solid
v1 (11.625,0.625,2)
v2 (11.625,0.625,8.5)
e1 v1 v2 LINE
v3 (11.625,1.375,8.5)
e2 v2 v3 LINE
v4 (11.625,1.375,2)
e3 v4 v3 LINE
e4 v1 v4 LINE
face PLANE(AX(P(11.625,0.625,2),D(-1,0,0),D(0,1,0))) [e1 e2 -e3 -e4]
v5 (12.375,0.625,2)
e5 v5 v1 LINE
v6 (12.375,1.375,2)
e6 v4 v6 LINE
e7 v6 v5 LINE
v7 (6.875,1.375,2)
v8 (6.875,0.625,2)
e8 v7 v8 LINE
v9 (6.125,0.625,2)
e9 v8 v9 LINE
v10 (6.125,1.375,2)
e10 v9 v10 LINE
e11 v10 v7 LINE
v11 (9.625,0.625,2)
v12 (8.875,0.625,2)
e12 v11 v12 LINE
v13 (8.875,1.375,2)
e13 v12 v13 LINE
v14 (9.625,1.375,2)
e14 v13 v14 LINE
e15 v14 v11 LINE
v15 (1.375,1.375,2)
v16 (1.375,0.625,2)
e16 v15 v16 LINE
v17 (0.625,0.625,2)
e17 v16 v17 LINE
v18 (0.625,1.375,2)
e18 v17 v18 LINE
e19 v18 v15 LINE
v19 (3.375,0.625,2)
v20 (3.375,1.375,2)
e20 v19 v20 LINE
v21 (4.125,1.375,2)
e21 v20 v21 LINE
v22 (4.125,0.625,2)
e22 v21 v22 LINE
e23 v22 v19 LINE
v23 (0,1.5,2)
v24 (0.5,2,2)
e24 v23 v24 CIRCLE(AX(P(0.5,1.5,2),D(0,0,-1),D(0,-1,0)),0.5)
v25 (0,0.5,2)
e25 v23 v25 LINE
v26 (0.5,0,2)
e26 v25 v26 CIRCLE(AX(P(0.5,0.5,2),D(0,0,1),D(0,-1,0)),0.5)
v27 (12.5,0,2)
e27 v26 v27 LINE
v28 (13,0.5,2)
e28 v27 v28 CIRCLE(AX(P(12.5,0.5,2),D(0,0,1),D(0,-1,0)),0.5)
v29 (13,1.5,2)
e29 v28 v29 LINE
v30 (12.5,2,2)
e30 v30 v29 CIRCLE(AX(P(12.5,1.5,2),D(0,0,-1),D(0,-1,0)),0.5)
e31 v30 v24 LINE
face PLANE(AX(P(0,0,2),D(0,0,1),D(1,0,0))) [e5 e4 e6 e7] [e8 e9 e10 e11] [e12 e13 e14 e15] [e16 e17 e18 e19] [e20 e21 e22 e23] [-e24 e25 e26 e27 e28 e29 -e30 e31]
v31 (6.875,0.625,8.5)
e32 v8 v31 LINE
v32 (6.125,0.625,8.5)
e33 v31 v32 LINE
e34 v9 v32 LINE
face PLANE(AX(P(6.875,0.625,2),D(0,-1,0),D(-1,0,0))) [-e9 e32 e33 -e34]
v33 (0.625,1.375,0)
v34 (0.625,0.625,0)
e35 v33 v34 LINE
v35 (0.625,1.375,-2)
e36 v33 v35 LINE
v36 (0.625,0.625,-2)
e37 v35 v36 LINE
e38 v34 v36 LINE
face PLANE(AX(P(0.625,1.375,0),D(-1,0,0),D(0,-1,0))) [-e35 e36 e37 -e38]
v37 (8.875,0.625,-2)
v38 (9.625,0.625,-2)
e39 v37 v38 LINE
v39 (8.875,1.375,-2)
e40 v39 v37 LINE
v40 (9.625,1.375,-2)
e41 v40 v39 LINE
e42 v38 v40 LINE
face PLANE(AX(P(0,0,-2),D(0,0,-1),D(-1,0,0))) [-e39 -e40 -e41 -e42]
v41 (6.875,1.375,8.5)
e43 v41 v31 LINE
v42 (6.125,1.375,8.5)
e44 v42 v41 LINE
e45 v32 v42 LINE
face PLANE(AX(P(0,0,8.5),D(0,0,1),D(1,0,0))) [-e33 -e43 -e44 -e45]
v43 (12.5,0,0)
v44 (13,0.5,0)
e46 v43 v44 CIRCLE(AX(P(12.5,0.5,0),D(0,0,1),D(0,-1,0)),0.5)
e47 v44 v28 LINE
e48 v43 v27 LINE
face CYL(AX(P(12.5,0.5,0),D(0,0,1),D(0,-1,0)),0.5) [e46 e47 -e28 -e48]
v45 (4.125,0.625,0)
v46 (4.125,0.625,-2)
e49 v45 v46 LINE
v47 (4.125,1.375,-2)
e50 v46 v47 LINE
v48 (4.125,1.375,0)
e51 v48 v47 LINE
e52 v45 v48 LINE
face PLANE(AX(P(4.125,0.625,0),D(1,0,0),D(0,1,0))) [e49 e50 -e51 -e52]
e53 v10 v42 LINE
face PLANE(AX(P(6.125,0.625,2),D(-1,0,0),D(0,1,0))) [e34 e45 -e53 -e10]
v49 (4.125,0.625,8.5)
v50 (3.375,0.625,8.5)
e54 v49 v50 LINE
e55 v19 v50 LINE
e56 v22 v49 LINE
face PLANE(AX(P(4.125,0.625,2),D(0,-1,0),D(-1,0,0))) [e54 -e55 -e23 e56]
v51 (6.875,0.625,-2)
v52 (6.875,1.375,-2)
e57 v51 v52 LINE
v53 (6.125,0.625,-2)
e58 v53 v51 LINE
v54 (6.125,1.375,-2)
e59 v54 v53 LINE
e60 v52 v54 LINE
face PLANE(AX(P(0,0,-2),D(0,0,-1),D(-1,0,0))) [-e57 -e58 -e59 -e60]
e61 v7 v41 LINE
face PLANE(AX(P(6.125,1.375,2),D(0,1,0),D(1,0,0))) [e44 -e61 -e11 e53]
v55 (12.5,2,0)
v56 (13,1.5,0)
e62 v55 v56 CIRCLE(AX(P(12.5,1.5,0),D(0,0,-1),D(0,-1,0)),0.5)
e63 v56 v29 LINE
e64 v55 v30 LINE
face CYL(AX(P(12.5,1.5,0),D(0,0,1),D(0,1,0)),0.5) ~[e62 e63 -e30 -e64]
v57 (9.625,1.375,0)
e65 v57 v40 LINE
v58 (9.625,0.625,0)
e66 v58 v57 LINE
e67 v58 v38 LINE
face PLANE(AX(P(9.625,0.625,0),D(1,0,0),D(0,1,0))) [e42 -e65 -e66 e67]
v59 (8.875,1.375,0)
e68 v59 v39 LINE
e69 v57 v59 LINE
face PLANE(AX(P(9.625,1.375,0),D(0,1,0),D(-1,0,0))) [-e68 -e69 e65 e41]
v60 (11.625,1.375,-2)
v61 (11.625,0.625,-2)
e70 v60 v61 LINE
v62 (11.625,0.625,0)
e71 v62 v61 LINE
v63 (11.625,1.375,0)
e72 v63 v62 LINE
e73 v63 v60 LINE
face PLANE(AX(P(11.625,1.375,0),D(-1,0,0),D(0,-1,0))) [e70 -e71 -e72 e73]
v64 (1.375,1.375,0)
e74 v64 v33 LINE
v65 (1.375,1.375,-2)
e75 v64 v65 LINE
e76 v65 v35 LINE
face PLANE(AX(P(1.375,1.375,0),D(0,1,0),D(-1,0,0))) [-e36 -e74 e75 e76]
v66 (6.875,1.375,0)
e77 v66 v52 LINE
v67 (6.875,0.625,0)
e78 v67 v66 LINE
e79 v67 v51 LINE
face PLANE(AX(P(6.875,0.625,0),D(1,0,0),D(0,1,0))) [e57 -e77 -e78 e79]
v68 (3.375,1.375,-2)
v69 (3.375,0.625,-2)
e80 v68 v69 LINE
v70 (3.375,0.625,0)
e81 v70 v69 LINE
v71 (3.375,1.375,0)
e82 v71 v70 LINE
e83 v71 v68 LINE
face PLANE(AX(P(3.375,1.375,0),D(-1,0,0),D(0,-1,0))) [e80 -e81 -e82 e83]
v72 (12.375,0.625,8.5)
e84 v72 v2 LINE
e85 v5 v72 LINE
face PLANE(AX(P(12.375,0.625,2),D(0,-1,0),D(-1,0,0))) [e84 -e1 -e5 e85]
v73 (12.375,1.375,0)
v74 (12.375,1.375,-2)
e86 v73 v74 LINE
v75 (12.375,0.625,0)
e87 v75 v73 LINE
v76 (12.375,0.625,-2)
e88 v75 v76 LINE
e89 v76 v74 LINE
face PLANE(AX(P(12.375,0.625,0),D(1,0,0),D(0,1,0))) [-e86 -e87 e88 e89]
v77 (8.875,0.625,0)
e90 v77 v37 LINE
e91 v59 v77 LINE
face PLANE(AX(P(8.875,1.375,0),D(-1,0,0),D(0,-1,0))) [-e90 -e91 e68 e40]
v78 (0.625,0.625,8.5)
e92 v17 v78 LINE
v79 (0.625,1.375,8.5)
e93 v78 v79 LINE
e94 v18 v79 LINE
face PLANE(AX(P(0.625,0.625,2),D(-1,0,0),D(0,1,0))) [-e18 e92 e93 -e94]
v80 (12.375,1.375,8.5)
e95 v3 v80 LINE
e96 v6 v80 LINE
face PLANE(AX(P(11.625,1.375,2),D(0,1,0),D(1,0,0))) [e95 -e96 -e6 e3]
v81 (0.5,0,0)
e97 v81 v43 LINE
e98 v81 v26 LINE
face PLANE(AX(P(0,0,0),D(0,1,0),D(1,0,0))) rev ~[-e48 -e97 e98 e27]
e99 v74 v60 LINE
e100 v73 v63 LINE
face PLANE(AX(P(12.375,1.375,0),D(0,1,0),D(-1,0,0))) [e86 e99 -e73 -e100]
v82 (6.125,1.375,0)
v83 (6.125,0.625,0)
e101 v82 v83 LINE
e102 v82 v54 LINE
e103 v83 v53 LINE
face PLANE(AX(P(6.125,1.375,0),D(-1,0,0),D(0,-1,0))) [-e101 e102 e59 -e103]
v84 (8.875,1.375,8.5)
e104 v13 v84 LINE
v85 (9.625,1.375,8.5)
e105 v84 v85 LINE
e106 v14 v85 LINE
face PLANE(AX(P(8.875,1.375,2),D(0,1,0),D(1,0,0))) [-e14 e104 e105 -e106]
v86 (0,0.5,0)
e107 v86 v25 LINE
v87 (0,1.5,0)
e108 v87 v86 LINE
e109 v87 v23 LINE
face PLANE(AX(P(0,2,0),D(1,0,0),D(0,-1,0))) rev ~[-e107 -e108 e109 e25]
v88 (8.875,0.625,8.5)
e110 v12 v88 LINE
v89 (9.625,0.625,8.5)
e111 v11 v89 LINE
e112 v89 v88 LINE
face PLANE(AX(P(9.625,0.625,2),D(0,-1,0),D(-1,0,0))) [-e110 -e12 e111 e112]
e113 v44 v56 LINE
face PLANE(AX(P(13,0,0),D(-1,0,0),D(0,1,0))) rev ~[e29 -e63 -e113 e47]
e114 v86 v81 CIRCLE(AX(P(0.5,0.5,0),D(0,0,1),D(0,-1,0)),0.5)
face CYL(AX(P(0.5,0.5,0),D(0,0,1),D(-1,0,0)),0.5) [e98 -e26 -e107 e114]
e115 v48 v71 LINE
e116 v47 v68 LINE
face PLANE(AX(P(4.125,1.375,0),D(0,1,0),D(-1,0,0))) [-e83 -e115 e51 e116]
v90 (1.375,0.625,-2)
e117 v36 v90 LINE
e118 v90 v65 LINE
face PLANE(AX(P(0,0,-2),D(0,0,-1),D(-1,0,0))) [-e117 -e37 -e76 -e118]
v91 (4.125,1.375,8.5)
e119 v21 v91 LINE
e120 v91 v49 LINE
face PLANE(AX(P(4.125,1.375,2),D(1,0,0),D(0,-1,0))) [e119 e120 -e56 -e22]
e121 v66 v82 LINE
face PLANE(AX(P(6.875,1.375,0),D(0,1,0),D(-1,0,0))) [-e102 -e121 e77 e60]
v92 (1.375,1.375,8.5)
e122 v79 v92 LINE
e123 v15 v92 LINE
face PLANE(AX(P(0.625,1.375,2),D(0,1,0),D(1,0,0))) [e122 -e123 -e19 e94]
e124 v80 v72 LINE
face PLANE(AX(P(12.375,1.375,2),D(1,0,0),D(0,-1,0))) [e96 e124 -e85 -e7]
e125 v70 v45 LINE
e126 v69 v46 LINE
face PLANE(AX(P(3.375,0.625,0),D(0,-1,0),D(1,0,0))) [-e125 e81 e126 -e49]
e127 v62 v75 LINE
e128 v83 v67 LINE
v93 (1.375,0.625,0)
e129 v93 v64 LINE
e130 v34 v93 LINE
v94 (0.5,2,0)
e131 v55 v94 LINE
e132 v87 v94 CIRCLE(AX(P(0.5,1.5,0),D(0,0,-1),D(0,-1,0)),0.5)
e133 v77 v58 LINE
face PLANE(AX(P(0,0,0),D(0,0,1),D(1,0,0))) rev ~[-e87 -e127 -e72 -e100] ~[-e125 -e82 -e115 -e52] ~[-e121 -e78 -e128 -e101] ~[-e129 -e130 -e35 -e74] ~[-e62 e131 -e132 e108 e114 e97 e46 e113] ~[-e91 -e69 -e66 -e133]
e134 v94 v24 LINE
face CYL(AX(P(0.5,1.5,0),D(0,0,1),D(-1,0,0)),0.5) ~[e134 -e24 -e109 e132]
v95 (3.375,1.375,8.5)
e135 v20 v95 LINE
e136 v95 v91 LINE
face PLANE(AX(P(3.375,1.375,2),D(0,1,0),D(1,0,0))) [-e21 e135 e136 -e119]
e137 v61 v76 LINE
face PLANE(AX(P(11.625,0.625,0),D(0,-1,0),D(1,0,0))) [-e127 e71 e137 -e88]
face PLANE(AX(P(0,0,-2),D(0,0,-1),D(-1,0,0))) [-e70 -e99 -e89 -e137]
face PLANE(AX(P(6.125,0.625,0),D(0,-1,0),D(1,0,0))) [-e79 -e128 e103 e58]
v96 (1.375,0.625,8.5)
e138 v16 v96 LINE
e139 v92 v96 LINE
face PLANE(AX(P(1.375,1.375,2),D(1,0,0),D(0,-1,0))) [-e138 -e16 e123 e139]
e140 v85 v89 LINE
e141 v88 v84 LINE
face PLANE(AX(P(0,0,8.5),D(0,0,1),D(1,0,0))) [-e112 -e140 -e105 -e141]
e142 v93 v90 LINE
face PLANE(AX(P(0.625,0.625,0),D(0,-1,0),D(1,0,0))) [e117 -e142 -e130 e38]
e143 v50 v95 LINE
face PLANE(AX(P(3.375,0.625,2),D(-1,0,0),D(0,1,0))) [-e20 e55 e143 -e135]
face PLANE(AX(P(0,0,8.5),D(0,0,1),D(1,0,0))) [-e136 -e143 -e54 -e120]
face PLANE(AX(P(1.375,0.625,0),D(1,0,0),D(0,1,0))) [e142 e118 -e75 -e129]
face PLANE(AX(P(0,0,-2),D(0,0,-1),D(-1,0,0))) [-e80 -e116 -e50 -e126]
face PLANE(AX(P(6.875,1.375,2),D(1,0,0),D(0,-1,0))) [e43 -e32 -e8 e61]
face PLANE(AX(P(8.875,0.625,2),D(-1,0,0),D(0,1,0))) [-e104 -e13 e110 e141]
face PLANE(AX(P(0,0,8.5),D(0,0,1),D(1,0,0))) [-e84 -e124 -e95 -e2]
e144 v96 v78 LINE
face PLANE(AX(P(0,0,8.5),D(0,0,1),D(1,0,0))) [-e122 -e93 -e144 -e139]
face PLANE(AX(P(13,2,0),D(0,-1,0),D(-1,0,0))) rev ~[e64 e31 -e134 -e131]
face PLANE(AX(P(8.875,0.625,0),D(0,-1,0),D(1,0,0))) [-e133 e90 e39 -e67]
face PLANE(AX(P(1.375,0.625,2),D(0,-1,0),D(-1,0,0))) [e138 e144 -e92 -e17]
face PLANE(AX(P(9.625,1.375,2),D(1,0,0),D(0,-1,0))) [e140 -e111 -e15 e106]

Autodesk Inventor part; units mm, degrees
ref_plane "YZ Plane" through (0, 0, 0) normal (1, 0, 0) x (0, 1, 0)
ref_plane "XZ Plane" through (0, 0, 0) normal (0, 1, 0) x (-1, 0, 0)
ref_plane "XY Plane" through (0, 0, 0) normal (0, 0, 1) x (1, 0, 0)
sketch "Skizze1" plane through (0, 0, 0) normal (0, 0, 1) x (1, 0, 0)
  line L0 (0, 0) -> (13, 0)
  line L1 (13, 0) -> (13, 2)
  line L2 (13, 2) -> (0, 2)
  line L3 (0, 2) -> (0, 0)
  dimension "d0" = 13
  dimension "d1" = 2
extrude "Extrusion1" add sketch "Skizze1" along normal blind 2
sketch "Skizze2" plane through (0, 0, 2) normal (0, 0, 1) x (1, 0, 0)
  line L0 (6.125, 1.375) -> (6.875, 1.375)
  line L1 (6.875, 1.375) -> (6.875, 0.625)
  line L2 (6.875, 0.625) -> (6.125, 0.625)
  line L3 (6.125, 0.625) -> (6.125, 1.375)
  line L4 (13, 2) -> (0, 2) construction
  line L5 (6.5, 2) -> (6.5, 0) construction
  line L6 (0, 0) -> (13, 0) construction
  line L7 (0, 2) -> (0, 0) construction
  line L8 (0, 1) -> (13, 1) construction
  line L9 (13, 0) -> (13, 2) construction
  line L10 (8.875, 1.375) -> (9.625, 1.375)
  line L11 (8.875, 0.625) -> (8.875, 1.375)
  line L12 (9.625, 0.625) -> (8.875, 0.625)
  line L13 (9.625, 1.375) -> (9.625, 0.625)
  line L14 (11.625, 1.375) -> (12.375, 1.375)
  line L15 (11.625, 0.625) -> (11.625, 1.375)
  line L16 (12.375, 0.625) -> (11.625, 0.625)
  line L17 (12.375, 1.375) -> (12.375, 0.625)
  line L18 (3.375, 1.375) -> (4.125, 1.375)
  line L19 (3.375, 0.625) -> (3.375, 1.375)
  line L20 (4.125, 0.625) -> (3.375, 0.625)
  line L21 (4.125, 1.375) -> (4.125, 0.625)
  line L22 (6.125, 1.375) -> (6.875, 1.375)
  line L23 (6.125, 0.625) -> (6.125, 1.375)
  line L24 (6.875, 0.625) -> (6.125, 0.625)
  line L25 (6.875, 1.375) -> (6.875, 0.625)
  line L26 (8.875, 1.375) -> (9.625, 1.375)
  line L27 (8.875, 0.625) -> (8.875, 1.375)
  line L28 (9.625, 0.625) -> (8.875, 0.625)
  line L29 (9.625, 1.375) -> (9.625, 0.625)
  line L30 (0.625, 1.375) -> (1.375, 1.375)
  line L31 (0.625, 0.625) -> (0.625, 1.375)
  line L32 (1.375, 0.625) -> (0.625, 0.625)
  line L33 (1.375, 1.375) -> (1.375, 0.625)
  line L34 (3.375, 1.375) -> (4.125, 1.375)
  line L35 (3.375, 0.625) -> (3.375, 1.375)
  line L36 (4.125, 0.625) -> (3.375, 0.625)
  line L37 (4.125, 1.375) -> (4.125, 0.625)
  line L38 (6.125, 1.375) -> (6.875, 1.375)
  line L39 (6.125, 0.625) -> (6.125, 1.375)
  line L40 (6.875, 0.625) -> (6.125, 0.625)
  line L41 (6.875, 1.375) -> (6.875, 0.625)
  point P0 (6.5, 1.375)
  point P1 (6.125, 1)
  point P2 (9.25, 1.375)
  point P3 (8.875, 1)
  point P4 (12, 1.375)
  point P5 (11.625, 1)
  point P6 (3.75, 1.375)
  point P7 (3.375, 1)
  point P8 (6.5, 1.375)
  point P9 (6.125, 1)
  point P10 (9.25, 1.375)
  point P11 (8.875, 1)
  point P12 (1, 1.375)
  point P13 (0.625, 1)
  point P14 (3.75, 1.375)
  point P15 (3.375, 1)
  point P16 (6.5, 1.375)
  point P17 (6.125, 1)
  dimension "d4" = 0.75
  dimension "d7" = 2.75
  dimension "d10" = 2.75
extrude "Extrusion2" add sketch "Skizze2" along normal blind 6.5
sketch "Skizze3" plane through (0, 0, 0) normal (0, 0, -1) x (-1, 0, 0)
  line L0 (-1.375, 1.375) -> (-0.625, 1.375) projected
  line L1 (-0.625, 1.375) -> (-0.625, 0.625) projected
  line L2 (-0.625, 0.625) -> (-1.375, 0.625) projected
  line L3 (-1.375, 0.625) -> (-1.375, 1.375) projected
  line L4 (-4.125, 1.375) -> (-3.375, 1.375) projected
  line L5 (-3.375, 1.375) -> (-3.375, 0.625) projected
  line L6 (-3.375, 0.625) -> (-4.125, 0.625) projected
  line L7 (-4.125, 0.625) -> (-4.125, 1.375) projected
  line L8 (-6.875, 1.375) -> (-6.125, 1.375) projected
  line L9 (-6.125, 1.375) -> (-6.125, 0.625) projected
  line L10 (-6.125, 0.625) -> (-6.875, 0.625) projected
  line L11 (-6.875, 0.625) -> (-6.875, 1.375) projected
  line L12 (-9.625, 0.625) -> (-9.625, 1.375) projected
  line L13 (-9.625, 1.375) -> (-8.875, 1.375) projected
  line L14 (-8.875, 1.375) -> (-8.875, 0.625) projected
  line L15 (-8.875, 0.625) -> (-9.625, 0.625) projected
  line L16 (-9.625, 0.625) -> (-9.625, 1.375) projected
  line L17 (-12.375, 1.375) -> (-11.625, 1.375) projected
  line L18 (-11.625, 1.375) -> (-11.625, 0.625) projected
  line L19 (-11.625, 0.625) -> (-12.375, 0.625) projected
  line L20 (-12.375, 0.625) -> (-12.375, 1.375) projected
  point P0 (0, 0)
extrude "Extrusion3" add sketch "Skizze3" along normal blind 2
fillet "Rundung1" radius 0.5 4 edges at (0, 0, 1) (0, 2, 1) (13, 0, 1) (13, 2, 1)
properties part number "Pinhead 5"
